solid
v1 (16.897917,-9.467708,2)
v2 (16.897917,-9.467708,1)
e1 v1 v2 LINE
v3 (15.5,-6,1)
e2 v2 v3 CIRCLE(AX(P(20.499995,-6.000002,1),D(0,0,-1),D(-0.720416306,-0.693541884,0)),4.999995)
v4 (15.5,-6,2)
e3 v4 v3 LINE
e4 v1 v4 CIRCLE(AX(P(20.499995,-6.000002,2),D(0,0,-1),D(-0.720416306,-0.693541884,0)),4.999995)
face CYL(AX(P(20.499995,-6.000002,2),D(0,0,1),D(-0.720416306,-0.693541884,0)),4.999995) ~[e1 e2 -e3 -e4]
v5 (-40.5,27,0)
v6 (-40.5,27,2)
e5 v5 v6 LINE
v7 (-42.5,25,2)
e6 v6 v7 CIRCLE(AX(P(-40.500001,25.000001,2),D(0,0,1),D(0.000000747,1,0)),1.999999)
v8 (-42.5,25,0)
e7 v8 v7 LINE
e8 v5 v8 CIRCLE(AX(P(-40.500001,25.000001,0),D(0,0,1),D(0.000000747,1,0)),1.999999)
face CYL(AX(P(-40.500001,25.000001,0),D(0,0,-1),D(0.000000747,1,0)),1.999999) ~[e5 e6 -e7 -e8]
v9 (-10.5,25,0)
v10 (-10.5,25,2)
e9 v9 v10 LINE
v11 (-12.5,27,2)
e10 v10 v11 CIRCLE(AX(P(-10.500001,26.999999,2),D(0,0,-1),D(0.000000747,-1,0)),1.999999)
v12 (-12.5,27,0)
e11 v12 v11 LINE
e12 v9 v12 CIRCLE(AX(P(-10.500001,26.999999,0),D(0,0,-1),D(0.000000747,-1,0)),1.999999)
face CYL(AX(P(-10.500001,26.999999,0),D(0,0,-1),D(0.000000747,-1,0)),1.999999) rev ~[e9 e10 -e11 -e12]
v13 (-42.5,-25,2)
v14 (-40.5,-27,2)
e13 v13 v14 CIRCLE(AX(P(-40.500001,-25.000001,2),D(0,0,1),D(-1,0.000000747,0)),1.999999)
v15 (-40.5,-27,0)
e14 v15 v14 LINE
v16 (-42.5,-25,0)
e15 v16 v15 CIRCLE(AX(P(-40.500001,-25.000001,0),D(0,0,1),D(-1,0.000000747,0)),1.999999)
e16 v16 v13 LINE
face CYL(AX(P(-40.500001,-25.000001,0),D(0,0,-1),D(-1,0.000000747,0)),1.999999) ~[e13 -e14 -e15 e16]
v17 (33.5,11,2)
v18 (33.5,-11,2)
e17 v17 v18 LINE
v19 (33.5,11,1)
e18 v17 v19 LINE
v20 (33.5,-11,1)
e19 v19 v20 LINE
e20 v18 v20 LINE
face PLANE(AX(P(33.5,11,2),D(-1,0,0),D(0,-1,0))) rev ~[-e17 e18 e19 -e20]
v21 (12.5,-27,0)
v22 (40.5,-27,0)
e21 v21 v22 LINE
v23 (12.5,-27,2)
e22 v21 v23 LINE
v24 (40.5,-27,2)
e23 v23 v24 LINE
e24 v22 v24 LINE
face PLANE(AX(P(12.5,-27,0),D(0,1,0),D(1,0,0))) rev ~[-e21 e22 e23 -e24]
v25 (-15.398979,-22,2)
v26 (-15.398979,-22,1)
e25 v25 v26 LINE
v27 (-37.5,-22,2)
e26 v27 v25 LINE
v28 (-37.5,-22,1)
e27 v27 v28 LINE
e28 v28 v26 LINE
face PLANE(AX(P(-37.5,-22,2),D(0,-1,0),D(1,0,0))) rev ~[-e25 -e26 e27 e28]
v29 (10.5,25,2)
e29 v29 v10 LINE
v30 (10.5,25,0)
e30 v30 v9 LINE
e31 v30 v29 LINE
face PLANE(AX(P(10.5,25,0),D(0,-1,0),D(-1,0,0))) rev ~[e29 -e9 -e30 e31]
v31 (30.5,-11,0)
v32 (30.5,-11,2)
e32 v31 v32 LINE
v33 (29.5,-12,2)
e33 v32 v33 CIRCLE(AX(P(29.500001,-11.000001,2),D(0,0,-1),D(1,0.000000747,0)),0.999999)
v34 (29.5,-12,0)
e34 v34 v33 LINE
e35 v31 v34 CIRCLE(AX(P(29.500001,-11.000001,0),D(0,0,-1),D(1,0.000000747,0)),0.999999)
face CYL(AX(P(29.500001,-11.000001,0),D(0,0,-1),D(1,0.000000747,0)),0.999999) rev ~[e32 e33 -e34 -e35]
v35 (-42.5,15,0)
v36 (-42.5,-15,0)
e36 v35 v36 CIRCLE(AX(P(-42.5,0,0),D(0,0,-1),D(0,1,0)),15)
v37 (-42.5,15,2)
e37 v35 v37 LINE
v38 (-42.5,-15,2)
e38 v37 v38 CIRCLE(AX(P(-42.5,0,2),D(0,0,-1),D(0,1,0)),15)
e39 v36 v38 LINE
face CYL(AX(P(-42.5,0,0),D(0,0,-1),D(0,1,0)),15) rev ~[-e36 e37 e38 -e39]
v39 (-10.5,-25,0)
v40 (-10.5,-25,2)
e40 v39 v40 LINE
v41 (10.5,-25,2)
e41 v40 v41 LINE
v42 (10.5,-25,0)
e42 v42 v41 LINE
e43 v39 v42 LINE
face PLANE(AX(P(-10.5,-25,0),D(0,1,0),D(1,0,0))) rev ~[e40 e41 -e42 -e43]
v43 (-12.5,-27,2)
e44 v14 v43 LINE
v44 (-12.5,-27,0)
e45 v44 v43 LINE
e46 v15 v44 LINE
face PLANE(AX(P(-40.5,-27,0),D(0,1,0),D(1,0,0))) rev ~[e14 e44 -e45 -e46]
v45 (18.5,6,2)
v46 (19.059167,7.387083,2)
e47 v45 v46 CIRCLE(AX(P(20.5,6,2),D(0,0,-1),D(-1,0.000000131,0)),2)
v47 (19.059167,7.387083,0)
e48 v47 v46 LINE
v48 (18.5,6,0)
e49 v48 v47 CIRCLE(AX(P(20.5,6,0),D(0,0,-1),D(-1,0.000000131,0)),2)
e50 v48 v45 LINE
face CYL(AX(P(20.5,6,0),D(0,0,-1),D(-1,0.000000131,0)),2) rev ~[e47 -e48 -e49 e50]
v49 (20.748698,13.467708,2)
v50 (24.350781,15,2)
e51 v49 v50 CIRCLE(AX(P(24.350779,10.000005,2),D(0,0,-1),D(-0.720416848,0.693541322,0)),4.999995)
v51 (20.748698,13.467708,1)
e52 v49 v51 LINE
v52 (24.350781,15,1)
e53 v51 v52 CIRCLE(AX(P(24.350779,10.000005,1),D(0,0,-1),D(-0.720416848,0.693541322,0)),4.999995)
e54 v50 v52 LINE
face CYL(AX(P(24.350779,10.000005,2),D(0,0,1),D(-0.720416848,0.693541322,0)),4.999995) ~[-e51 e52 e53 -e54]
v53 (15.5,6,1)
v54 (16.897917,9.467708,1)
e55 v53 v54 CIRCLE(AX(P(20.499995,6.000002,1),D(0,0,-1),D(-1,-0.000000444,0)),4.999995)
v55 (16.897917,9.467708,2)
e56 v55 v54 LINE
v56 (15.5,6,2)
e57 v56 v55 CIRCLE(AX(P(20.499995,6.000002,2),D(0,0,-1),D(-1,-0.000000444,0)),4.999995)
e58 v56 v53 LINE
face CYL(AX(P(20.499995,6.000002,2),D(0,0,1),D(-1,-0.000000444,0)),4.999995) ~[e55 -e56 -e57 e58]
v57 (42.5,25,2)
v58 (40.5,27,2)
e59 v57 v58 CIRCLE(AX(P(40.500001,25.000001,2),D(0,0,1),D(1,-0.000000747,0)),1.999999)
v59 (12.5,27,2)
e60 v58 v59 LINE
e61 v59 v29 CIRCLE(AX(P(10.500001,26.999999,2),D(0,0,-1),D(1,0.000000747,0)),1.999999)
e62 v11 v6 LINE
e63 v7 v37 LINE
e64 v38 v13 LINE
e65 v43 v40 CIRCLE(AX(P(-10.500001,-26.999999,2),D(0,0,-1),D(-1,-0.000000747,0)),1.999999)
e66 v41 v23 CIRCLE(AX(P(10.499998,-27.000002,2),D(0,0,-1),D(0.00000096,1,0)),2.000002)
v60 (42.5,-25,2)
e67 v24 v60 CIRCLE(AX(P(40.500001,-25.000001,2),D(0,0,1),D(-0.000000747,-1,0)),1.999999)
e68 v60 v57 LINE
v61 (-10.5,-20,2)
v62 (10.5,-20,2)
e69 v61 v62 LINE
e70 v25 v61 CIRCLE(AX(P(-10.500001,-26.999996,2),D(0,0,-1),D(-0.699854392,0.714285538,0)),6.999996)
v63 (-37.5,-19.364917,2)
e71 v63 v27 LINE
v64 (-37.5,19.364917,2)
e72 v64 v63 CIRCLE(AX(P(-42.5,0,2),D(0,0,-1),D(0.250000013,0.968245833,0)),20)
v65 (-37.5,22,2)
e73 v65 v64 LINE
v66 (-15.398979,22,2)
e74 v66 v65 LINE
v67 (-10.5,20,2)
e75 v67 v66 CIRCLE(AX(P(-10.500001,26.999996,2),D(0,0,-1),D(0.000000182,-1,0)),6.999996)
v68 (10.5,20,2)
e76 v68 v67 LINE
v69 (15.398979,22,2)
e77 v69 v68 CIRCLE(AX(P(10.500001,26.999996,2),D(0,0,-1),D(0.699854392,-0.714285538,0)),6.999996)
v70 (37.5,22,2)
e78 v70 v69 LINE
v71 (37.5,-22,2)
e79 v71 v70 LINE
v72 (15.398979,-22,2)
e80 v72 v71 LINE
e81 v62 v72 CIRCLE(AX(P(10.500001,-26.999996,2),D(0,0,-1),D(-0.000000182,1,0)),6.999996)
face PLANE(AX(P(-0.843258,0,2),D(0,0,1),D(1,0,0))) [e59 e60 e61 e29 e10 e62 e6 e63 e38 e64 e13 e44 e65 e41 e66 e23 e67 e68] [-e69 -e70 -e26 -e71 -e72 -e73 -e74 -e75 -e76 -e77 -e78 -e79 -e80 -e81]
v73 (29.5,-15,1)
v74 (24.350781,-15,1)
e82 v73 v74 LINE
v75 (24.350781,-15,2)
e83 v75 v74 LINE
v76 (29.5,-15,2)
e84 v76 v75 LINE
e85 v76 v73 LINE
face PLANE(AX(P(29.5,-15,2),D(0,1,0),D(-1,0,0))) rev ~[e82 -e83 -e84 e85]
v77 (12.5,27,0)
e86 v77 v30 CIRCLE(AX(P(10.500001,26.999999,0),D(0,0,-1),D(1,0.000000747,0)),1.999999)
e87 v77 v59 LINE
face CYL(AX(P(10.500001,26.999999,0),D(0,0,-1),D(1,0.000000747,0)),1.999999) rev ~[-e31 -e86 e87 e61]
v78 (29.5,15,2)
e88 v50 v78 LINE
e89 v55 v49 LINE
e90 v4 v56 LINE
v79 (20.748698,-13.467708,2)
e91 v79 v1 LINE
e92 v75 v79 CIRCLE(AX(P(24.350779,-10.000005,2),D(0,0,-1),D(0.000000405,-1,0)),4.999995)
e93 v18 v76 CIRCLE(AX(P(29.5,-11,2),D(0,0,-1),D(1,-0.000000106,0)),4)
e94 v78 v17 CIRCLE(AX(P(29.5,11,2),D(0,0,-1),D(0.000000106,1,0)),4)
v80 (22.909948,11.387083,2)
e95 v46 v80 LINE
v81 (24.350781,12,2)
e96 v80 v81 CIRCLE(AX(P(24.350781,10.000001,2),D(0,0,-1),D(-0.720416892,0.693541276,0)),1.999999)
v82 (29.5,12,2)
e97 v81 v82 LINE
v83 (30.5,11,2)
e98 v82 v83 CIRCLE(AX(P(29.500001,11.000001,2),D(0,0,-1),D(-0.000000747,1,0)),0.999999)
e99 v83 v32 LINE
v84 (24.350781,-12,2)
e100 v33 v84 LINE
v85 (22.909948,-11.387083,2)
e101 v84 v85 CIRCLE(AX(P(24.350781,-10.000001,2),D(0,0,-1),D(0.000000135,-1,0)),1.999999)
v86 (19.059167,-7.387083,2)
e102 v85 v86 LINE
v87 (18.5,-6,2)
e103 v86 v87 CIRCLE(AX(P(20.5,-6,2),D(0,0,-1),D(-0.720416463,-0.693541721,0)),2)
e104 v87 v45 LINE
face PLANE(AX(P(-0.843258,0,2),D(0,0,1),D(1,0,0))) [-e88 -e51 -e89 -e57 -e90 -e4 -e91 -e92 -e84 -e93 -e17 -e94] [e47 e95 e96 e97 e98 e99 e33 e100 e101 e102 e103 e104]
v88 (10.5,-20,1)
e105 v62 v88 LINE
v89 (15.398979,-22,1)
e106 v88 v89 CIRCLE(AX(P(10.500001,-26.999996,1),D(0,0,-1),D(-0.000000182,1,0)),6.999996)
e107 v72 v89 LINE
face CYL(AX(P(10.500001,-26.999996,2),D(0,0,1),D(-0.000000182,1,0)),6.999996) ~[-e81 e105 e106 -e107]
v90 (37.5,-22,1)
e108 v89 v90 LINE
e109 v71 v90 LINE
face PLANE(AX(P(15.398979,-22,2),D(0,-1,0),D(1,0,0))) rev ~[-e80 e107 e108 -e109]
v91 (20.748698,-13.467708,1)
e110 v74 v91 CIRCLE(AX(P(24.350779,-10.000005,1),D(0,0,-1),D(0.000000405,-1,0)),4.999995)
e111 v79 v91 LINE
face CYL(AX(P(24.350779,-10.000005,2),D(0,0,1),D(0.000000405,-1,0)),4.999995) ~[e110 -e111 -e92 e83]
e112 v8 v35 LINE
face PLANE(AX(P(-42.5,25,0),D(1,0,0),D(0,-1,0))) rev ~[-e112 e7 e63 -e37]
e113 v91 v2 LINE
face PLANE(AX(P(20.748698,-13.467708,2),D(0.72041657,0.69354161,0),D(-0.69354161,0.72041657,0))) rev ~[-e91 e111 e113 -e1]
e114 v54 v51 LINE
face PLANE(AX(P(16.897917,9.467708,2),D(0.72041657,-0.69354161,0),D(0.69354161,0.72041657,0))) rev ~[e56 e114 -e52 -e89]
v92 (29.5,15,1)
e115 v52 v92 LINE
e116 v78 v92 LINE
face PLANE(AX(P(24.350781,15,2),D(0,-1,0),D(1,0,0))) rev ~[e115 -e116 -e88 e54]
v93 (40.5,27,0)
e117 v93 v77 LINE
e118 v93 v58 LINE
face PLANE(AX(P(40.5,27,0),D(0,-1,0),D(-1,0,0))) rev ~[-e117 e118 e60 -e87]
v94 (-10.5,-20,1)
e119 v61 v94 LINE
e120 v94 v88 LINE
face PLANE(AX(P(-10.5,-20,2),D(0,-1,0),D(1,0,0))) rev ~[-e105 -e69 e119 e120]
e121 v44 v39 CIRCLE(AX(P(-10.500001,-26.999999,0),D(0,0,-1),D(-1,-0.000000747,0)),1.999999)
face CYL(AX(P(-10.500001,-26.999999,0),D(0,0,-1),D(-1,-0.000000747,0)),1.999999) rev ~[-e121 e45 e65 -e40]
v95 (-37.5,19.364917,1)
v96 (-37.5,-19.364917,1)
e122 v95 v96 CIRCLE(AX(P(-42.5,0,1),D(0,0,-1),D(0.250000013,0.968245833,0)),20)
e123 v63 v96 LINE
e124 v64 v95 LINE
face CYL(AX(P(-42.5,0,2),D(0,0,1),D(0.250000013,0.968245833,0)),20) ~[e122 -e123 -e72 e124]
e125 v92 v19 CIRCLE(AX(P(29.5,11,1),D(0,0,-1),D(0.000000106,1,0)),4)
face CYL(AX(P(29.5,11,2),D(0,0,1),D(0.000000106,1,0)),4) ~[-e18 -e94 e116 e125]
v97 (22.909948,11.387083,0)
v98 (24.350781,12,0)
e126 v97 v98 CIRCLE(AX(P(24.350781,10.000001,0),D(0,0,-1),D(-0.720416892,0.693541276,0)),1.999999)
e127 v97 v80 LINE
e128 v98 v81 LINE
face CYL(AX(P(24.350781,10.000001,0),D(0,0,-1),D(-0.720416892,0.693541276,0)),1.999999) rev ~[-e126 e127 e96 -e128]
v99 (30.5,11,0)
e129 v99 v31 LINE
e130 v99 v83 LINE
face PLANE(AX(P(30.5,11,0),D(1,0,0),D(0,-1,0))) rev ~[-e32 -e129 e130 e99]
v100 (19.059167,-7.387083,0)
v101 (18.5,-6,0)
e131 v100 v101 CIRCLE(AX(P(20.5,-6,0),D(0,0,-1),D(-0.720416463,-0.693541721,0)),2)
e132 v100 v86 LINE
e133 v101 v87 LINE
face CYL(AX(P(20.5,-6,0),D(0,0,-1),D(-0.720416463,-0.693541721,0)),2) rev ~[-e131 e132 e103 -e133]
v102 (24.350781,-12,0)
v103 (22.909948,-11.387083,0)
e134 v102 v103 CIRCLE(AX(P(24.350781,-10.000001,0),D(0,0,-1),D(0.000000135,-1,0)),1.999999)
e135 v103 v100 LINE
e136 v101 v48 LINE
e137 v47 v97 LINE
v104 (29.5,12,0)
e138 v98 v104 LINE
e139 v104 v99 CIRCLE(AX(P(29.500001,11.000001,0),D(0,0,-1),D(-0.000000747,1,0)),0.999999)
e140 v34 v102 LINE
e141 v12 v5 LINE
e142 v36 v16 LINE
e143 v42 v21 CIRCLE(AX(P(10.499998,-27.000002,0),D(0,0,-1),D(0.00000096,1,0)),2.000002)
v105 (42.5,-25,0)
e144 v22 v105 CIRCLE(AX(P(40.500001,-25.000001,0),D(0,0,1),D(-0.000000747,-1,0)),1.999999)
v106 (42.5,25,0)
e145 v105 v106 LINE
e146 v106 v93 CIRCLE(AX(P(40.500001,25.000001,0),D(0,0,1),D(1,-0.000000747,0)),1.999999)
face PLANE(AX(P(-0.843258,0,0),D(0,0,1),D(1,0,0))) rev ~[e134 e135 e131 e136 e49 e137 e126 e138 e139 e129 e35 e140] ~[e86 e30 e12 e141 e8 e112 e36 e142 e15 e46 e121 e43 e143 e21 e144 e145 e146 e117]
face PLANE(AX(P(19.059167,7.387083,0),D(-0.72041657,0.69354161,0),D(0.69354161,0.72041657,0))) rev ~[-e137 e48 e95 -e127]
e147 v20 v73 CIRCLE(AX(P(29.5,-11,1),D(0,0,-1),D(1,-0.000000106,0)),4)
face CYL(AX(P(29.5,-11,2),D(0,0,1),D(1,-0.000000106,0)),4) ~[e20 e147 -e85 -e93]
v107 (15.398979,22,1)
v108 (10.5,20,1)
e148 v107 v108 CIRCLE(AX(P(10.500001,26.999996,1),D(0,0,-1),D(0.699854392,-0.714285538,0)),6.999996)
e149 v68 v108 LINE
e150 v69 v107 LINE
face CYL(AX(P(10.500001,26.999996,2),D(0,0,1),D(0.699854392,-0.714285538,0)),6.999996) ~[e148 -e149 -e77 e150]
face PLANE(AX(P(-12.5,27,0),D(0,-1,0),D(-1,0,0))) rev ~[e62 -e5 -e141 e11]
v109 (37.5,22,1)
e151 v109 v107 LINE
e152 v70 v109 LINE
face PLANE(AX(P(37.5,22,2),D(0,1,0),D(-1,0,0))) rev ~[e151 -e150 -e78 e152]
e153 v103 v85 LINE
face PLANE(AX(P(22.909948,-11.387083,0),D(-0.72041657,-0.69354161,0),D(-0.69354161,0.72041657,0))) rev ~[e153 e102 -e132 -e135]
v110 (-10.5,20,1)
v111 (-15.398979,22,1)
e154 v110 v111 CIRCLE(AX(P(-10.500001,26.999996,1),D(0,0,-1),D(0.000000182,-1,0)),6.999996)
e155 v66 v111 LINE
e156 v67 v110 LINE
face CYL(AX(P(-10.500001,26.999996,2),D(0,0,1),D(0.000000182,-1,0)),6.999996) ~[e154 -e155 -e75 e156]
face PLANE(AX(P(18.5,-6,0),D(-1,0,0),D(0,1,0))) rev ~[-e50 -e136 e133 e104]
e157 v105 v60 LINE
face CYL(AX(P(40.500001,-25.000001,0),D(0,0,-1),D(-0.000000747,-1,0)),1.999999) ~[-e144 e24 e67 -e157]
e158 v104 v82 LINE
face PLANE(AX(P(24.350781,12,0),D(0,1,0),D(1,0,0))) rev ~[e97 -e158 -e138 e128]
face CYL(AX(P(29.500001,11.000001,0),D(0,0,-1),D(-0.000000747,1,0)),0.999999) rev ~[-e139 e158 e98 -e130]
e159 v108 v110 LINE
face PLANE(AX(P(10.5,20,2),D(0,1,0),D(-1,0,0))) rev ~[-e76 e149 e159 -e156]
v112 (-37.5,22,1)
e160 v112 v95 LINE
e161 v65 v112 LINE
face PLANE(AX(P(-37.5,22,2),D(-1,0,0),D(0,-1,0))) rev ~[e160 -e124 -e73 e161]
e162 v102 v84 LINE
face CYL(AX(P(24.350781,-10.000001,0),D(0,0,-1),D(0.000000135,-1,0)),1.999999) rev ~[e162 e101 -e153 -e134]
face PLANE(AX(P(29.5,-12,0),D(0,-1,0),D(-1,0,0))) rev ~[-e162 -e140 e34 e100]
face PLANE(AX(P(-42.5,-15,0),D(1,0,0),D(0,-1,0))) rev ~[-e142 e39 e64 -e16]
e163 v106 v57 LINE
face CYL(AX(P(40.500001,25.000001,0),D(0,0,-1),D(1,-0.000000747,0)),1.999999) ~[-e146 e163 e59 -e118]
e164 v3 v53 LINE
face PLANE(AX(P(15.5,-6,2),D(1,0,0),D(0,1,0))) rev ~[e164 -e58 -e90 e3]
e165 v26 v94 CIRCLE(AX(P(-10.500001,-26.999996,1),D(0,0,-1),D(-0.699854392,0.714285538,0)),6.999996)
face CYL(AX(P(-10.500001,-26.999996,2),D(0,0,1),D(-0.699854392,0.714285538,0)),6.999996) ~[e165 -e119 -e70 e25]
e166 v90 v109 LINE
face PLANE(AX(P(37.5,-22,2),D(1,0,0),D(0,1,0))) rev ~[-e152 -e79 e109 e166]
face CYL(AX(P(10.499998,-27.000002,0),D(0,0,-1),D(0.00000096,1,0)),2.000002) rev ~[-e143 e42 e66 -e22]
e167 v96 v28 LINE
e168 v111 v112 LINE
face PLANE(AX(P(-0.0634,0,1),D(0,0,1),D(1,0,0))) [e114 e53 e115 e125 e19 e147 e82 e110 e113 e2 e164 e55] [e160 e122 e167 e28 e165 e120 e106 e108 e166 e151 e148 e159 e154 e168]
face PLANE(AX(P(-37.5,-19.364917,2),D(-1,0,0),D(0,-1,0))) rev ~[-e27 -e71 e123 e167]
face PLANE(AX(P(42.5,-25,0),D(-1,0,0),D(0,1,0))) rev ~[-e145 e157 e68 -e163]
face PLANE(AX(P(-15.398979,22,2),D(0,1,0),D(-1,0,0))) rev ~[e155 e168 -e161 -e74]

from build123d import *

# Parameters (mm, degrees)
F1_DEPTH = 2
F3_DEPTH = 1


with BuildPart() as f1:
    # F0 (on Top) → F1 (new body)
    with BuildSketch(Plane.XY):
        with BuildLine():
            Line((12.5, -27), (40.5, -27))
            ThreePointArc((40.5, -27), (41.914214, -26.414214), (42.5, -25))
            Line((42.5, -25), (42.5, 25))
            ThreePointArc((42.5, 25), (41.914214, 26.414214), (40.5, 27))
            Line((40.5, 27), (12.5, 27))
            ThreePointArc((12.5, 27), (11.914214, 25.585786), (10.5, 25))
            Line((10.5, 25), (-10.5, 25))
            ThreePointArc((-10.5, 25), (-11.914214, 25.585786), (-12.5, 27))
            Line((-12.5, 27), (-40.5, 27))
            ThreePointArc((-40.5, 27), (-41.914214, 26.414214), (-42.5, 25))
            Line((-42.5, 25), (-42.5, 15))
            ThreePointArc((-42.5, 15), (-27.5, 0), (-42.5, -15))
            Line((-42.5, -15), (-42.5, -25))
            ThreePointArc((-42.5, -25), (-41.914214, -26.414214), (-40.5, -27))
            Line((-40.5, -27), (-12.5, -27))
            ThreePointArc((-12.5, -27), (-11.914214, -25.585786), (-10.5, -25))
            Line((-10.5, -25), (10.5, -25))
            ThreePointArc((10.5, -25), (11.914213, -25.585787), (12.5, -27))
        make_face()
        with BuildLine():
            Line((30.5, 11), (30.5, 0))
            Line((30.5, 0), (30.5, -11))
            ThreePointArc((30.5, -11), (30.207107, -11.707107), (29.5, -12))
            Line((29.5, -12), (24.350781, -12))
            ThreePointArc((24.350781, -12), (23.567891, -11.840403), (22.909948, -11.387083))
            Line((22.909948, -11.387083), (19.059167, -7.387083))
            ThreePointArc((19.059167, -7.387083), (18.645052, -6.747775), (18.5, -6))
            Line((18.5, -6), (18.5, 0))
            Line((18.5, 0), (18.5, 6))
            ThreePointArc((18.5, 6), (18.645052, 6.747775), (19.059167, 7.387083))
            Line((19.059167, 7.387083), (22.909948, 11.387083))
            ThreePointArc((22.909948, 11.387083), (23.567891, 11.840403), (24.350781, 12))
            Line((24.350781, 12), (29.5, 12))
            ThreePointArc((29.5, 12), (30.207107, 11.707107), (30.5, 11))
        make_face(mode=Mode.SUBTRACT)
    extrude(amount=F1_DEPTH)

    # F2 (on face) → F3 (cut)
    with BuildSketch(Plane.XY.offset(2)):
        with BuildLine():
            Line((-10.5, -20), (10.5, -20))
            ThreePointArc((10.5, -20), (13.145751, -20.519259), (15.398979, -22))
            Line((15.398979, -22), (37.5, -22))
            Line((37.5, -22), (37.5, 22))
            Line((37.5, 22), (15.398979, 22))
            ThreePointArc((15.398979, 22), (13.145751, 20.519259), (10.5, 20))
            Line((10.5, 20), (-10.5, 20))
            ThreePointArc((-10.5, 20), (-13.145751, 20.519259), (-15.398979, 22))
            Line((-15.398979, 22), (-37.5, 22))
            Line((-37.5, 22), (-37.5, 19.364917))
            ThreePointArc((-37.5, 19.364917), (-22.5, 0), (-37.5, -19.364917))
            Line((-37.5, -19.364917), (-37.5, -22))
            Line((-37.5, -22), (-15.398979, -22))
            ThreePointArc((-15.398979, -22), (-13.145751, -20.519259), (-10.5, -20))
        make_face()
        with BuildLine():
            ThreePointArc((29.5, 15), (32.328427, 13.828427), (33.5, 11))
            Line((33.5, 11), (33.5, -11))
            ThreePointArc((33.5, -11), (32.328427, -13.828427), (29.5, -15))
            Line((29.5, -15), (24.350781, -15))
            ThreePointArc((24.350781, -15), (22.393556, -14.601008), (20.748698, -13.467708))
            Line((20.748698, -13.467708), (16.897917, -9.467708))
            ThreePointArc((16.897917, -9.467708), (15.862629, -7.869437), (15.5, -6))
            Line((15.5, -6), (15.5, 6))
            ThreePointArc((15.5, 6), (15.862629, 7.869437), (16.897917, 9.467708))
            Line((16.897917, 9.467708), (20.748698, 13.467708))
            ThreePointArc((20.748698, 13.467708), (22.393556, 14.601008), (24.350781, 15))
            Line((24.350781, 15), (29.5, 15))
        make_face(mode=Mode.SUBTRACT)
    extrude(amount=-F3_DEPTH, mode=Mode.SUBTRACT)


solid = f1.part
